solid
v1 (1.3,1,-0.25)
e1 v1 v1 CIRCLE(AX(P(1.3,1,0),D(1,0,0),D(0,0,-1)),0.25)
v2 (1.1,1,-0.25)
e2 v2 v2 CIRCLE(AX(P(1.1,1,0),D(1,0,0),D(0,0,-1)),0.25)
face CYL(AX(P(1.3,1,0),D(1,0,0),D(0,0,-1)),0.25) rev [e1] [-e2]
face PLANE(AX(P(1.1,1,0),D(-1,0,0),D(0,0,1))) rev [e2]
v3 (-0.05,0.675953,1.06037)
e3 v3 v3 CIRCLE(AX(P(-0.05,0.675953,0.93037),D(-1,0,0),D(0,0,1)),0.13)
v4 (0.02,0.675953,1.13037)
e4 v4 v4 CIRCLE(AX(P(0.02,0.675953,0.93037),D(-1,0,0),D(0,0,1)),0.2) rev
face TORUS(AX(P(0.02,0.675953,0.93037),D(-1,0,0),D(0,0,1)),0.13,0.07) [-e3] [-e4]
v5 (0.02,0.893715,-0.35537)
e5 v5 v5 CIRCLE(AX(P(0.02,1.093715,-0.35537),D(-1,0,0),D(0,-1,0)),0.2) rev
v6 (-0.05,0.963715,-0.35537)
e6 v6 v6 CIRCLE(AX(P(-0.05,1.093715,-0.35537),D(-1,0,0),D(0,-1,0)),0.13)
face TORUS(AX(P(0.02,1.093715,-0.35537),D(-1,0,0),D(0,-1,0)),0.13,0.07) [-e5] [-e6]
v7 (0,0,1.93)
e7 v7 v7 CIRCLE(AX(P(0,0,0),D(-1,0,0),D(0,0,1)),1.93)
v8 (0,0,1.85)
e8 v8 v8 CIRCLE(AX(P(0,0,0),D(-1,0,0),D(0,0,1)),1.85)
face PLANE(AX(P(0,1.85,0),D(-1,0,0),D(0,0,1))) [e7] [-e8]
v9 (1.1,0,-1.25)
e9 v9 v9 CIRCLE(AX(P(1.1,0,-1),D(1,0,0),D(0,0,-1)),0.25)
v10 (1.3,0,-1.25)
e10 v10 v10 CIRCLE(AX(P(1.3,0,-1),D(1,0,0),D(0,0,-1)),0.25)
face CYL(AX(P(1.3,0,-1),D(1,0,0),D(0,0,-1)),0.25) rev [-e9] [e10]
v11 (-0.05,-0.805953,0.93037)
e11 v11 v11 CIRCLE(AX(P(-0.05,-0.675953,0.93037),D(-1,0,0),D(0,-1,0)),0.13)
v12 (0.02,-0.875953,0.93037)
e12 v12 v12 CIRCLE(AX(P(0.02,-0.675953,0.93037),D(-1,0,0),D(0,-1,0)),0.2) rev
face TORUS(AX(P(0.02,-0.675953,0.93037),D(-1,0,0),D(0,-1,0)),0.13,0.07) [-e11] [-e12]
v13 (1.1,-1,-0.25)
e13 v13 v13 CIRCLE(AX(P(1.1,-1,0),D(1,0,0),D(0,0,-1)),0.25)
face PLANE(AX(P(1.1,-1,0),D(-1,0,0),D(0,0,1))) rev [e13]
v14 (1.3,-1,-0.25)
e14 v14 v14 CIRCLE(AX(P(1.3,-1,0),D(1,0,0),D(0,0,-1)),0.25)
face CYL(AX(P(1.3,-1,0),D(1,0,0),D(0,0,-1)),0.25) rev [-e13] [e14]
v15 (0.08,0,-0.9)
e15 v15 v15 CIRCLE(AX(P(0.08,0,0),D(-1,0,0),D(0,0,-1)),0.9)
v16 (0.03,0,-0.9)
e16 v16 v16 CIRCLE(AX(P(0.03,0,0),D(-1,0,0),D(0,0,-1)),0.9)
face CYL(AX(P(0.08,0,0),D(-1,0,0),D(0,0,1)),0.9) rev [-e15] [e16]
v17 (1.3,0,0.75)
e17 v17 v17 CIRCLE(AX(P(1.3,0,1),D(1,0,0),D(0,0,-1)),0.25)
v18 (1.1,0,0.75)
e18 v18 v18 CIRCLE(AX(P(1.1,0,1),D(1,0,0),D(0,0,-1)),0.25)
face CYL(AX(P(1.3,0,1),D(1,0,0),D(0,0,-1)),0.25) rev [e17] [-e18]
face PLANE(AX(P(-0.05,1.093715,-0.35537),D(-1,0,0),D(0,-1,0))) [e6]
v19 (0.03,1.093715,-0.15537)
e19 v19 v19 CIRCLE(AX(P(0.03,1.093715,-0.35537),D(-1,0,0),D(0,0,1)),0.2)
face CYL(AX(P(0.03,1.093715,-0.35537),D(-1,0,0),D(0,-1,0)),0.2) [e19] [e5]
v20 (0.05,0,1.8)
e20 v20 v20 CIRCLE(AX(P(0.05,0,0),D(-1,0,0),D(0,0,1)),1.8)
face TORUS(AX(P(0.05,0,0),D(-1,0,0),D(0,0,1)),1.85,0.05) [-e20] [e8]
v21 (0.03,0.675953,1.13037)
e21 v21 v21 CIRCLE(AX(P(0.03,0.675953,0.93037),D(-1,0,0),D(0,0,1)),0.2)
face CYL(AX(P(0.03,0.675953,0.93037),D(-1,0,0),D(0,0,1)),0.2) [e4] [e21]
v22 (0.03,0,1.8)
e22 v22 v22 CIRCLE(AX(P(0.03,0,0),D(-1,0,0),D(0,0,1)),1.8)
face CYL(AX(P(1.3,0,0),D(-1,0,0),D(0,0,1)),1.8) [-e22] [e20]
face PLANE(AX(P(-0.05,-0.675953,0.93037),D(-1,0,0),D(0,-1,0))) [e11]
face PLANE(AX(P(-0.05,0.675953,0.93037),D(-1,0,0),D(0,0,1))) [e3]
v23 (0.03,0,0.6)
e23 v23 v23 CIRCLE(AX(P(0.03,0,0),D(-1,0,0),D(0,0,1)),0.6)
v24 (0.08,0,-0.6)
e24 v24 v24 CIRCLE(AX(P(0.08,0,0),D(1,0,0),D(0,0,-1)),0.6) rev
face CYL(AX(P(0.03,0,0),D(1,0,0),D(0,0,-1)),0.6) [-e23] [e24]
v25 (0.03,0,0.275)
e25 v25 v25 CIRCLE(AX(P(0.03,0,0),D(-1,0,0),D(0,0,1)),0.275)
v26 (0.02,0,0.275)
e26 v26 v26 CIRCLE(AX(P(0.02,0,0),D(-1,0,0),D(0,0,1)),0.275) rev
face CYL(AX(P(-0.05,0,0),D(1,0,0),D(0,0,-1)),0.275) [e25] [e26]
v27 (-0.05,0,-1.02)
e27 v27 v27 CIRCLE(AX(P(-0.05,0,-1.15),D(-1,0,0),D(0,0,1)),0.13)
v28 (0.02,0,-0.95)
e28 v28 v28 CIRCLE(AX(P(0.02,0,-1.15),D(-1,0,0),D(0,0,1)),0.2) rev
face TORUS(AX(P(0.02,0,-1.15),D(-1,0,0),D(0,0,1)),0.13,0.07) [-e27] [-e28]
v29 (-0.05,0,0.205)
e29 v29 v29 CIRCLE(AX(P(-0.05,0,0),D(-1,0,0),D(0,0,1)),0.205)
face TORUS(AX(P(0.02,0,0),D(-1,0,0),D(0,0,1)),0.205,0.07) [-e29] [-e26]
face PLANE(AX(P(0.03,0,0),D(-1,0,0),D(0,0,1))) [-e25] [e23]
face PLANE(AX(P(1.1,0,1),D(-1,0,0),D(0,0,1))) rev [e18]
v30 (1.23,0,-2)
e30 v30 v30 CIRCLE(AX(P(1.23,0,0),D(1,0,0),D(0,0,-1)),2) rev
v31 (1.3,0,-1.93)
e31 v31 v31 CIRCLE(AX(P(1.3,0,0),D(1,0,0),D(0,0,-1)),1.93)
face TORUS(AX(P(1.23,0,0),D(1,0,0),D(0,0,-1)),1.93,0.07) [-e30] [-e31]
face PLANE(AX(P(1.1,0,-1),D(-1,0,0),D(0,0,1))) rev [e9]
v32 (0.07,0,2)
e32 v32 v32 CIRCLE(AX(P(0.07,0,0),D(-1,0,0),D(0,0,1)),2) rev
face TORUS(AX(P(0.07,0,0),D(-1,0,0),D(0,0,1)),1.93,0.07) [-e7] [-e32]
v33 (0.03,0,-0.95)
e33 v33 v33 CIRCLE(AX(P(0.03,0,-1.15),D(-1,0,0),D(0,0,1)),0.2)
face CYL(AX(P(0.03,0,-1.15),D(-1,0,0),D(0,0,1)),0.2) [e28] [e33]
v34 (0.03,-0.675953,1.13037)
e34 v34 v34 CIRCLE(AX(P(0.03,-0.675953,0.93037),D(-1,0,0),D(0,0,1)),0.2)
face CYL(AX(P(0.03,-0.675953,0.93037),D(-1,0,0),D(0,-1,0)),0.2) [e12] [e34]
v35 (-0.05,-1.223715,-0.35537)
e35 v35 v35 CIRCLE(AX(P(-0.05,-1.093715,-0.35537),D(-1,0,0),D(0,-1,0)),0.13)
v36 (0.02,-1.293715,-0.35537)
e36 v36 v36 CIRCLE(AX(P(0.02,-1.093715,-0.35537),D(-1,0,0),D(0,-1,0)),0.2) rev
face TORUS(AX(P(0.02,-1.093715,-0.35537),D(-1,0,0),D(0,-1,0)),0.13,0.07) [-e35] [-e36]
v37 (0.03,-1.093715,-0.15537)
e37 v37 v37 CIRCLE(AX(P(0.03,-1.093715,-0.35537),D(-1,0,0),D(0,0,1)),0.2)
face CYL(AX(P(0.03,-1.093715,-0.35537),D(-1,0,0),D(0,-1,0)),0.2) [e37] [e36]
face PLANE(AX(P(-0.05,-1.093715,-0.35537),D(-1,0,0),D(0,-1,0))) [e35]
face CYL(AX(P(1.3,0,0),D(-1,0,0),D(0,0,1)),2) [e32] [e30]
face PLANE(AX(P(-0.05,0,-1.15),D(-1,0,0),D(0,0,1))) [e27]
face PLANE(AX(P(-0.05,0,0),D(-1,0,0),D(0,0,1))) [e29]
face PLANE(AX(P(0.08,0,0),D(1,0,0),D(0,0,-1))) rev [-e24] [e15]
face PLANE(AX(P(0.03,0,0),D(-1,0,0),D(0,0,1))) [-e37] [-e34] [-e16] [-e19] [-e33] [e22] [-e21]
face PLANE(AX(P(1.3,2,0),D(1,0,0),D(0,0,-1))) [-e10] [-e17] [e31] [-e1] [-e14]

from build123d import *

# Parameters (mm, degrees)
SKETCH2_R           = 0.9
CUT_EXTRUDE1_DEPTH  = 0.05
SKETCH3_R           = 0.6
BOSS_EXTRUDE1_DEPTH = 0.05
SKETCH4_R           = 0.275
BOSS_EXTRUDE2_DEPTH = 0.08
SKETCH5_W           = 0.08
SKETCH5_H           = 0.2
SKETCH6_W           = 0.08
SKETCH6_H           = 0.2
SKETCH7_W           = 0.08
SKETCH7_H           = 0.2
SKETCH8_W           = 0.08
SKETCH8_H           = 0.2
SKETCH9_W           = 0.08
SKETCH9_H           = 0.2
HOLE1_D             = 0.5
HOLE1_DEPTH         = 0.2
FILLET1_R           = 0.07


with BuildPart() as part:
    # Sketch1 → Revolve1 (revolve)
    with BuildSketch(Plane(origin=(0, 0, 0), x_dir=(-1, 0, 0), z_dir=(0, 0, -1))):
        with BuildLine():
            Line((-1.3, 2), (-1.3, 0))
            Line((-1.3, 0), (-0.03, 0))
            Line((-0.03, 0), (-0.03, 1.8))
            Line((-0.03, 1.8), (-0.05, 1.8))
            ThreePointArc((-0.05, 1.8), (-0.014644661, 1.814644661), (0, 1.85))
            Line((0, 1.85), (0, 2))
            Line((0, 2), (-1.3, 2))
        make_face()
    revolve(axis=Axis((1.3, 0, 0), (-1, 0, 0)))

    # Sketch2 → Cut-Extrude1 (cut)
    with BuildSketch(Plane.ZY.offset(-0.03)):
        Circle(SKETCH2_R)
    extrude(amount=-CUT_EXTRUDE1_DEPTH, mode=Mode.SUBTRACT)

    # Sketch3 → Boss-Extrude1 (add)
    with BuildSketch(Plane.ZY.offset(-0.08)):
        Circle(SKETCH3_R)
    extrude(amount=BOSS_EXTRUDE1_DEPTH)

    # Sketch4 → Boss-Extrude2 (add)
    with BuildSketch(Plane.ZY.offset(-0.03)):
        Circle(SKETCH4_R)
    extrude(amount=BOSS_EXTRUDE2_DEPTH)

    # Sketch5 → Revolve2 (revolve)
    with BuildSketch(Plane(origin=(0, 0, -1.15), x_dir=(-1, 0, 0), z_dir=(0, 0, -1))):
        with Locations((0.01, 0.1)):
            Rectangle(SKETCH5_W, SKETCH5_H)
    revolve(axis=Axis((0.03, 0, -1.15), (-1, 0, 0)))

    # Sketch6 → Revolve3 (revolve)
    with BuildSketch(Plane(origin=(0, 0, -0.355369544), x_dir=(-1, 0, 0), z_dir=(0, 0, -1))):
        with Locations((0.01, 1.193714994)):
            Rectangle(SKETCH6_W, SKETCH6_H)
    revolve(axis=Axis((0.03, 1.093714994, -0.355369544), (-1, 0, 0)))

    # Sketch7 → Revolve4 (revolve)
    with BuildSketch(Plane(origin=(0, 0, 0.930369544), x_dir=(-1, 0, 0), z_dir=(0, 0, -1))):
        with Locations((0.01, 0.77595304)):
            Rectangle(SKETCH7_W, SKETCH7_H)
    revolve(axis=Axis((0.03, 0.67595304, 0.930369544), (-1, 0, 0)))

    # Sketch8 → Revolve5 (revolve)
    with BuildSketch(Plane(origin=(0, 0, 0.930369544), x_dir=(-1, 0, 0), z_dir=(0, 0, -1))):
        with Locations((0.01, -0.57595304)):
            Rectangle(SKETCH8_W, SKETCH8_H)
    revolve(axis=Axis((0.03, -0.67595304, 0.930369544), (-1, 0, 0)))

    # Sketch9 → Revolve6 (revolve)
    with BuildSketch(Plane(origin=(0, 0, -0.355369544), x_dir=(-1, 0, 0), z_dir=(0, 0, -1))):
        with Locations((0.01, -0.993714994)):
            Rectangle(SKETCH9_W, SKETCH9_H)
    revolve(axis=Axis((0.03, -1.093714994, -0.355369544), (-1, 0, 0)))

    # Hole1
    with Locations(Plane(origin=(1.3, 0, 0), x_dir=(0, 0, -1), z_dir=(1, 0, 0))):
        with Locations((-1, 0), (0, -1), (1, 0), (0, 1)):
            Hole(HOLE1_D / 2, depth=HOLE1_DEPTH)

    # Fillet1
    fillet1_edges = [part.edges().sort_by_distance(p)[0] for p in [
        (-0.05, 0, -0.275),
        (-0.05, -0.2, -1.15),
        (-0.05, 0.893714994, -0.355369544),
        (-0.05, 0.47595304, 0.930369544),
        (-0.05, -0.87595304, 0.930369544),
        (-0.05, -1.293714994, -0.355369544),
        (0, -2, 0),
        (1.3, -2, 0),
    ]]
    fillet(fillet1_edges, radius=FILLET1_R)


solid = part.part
